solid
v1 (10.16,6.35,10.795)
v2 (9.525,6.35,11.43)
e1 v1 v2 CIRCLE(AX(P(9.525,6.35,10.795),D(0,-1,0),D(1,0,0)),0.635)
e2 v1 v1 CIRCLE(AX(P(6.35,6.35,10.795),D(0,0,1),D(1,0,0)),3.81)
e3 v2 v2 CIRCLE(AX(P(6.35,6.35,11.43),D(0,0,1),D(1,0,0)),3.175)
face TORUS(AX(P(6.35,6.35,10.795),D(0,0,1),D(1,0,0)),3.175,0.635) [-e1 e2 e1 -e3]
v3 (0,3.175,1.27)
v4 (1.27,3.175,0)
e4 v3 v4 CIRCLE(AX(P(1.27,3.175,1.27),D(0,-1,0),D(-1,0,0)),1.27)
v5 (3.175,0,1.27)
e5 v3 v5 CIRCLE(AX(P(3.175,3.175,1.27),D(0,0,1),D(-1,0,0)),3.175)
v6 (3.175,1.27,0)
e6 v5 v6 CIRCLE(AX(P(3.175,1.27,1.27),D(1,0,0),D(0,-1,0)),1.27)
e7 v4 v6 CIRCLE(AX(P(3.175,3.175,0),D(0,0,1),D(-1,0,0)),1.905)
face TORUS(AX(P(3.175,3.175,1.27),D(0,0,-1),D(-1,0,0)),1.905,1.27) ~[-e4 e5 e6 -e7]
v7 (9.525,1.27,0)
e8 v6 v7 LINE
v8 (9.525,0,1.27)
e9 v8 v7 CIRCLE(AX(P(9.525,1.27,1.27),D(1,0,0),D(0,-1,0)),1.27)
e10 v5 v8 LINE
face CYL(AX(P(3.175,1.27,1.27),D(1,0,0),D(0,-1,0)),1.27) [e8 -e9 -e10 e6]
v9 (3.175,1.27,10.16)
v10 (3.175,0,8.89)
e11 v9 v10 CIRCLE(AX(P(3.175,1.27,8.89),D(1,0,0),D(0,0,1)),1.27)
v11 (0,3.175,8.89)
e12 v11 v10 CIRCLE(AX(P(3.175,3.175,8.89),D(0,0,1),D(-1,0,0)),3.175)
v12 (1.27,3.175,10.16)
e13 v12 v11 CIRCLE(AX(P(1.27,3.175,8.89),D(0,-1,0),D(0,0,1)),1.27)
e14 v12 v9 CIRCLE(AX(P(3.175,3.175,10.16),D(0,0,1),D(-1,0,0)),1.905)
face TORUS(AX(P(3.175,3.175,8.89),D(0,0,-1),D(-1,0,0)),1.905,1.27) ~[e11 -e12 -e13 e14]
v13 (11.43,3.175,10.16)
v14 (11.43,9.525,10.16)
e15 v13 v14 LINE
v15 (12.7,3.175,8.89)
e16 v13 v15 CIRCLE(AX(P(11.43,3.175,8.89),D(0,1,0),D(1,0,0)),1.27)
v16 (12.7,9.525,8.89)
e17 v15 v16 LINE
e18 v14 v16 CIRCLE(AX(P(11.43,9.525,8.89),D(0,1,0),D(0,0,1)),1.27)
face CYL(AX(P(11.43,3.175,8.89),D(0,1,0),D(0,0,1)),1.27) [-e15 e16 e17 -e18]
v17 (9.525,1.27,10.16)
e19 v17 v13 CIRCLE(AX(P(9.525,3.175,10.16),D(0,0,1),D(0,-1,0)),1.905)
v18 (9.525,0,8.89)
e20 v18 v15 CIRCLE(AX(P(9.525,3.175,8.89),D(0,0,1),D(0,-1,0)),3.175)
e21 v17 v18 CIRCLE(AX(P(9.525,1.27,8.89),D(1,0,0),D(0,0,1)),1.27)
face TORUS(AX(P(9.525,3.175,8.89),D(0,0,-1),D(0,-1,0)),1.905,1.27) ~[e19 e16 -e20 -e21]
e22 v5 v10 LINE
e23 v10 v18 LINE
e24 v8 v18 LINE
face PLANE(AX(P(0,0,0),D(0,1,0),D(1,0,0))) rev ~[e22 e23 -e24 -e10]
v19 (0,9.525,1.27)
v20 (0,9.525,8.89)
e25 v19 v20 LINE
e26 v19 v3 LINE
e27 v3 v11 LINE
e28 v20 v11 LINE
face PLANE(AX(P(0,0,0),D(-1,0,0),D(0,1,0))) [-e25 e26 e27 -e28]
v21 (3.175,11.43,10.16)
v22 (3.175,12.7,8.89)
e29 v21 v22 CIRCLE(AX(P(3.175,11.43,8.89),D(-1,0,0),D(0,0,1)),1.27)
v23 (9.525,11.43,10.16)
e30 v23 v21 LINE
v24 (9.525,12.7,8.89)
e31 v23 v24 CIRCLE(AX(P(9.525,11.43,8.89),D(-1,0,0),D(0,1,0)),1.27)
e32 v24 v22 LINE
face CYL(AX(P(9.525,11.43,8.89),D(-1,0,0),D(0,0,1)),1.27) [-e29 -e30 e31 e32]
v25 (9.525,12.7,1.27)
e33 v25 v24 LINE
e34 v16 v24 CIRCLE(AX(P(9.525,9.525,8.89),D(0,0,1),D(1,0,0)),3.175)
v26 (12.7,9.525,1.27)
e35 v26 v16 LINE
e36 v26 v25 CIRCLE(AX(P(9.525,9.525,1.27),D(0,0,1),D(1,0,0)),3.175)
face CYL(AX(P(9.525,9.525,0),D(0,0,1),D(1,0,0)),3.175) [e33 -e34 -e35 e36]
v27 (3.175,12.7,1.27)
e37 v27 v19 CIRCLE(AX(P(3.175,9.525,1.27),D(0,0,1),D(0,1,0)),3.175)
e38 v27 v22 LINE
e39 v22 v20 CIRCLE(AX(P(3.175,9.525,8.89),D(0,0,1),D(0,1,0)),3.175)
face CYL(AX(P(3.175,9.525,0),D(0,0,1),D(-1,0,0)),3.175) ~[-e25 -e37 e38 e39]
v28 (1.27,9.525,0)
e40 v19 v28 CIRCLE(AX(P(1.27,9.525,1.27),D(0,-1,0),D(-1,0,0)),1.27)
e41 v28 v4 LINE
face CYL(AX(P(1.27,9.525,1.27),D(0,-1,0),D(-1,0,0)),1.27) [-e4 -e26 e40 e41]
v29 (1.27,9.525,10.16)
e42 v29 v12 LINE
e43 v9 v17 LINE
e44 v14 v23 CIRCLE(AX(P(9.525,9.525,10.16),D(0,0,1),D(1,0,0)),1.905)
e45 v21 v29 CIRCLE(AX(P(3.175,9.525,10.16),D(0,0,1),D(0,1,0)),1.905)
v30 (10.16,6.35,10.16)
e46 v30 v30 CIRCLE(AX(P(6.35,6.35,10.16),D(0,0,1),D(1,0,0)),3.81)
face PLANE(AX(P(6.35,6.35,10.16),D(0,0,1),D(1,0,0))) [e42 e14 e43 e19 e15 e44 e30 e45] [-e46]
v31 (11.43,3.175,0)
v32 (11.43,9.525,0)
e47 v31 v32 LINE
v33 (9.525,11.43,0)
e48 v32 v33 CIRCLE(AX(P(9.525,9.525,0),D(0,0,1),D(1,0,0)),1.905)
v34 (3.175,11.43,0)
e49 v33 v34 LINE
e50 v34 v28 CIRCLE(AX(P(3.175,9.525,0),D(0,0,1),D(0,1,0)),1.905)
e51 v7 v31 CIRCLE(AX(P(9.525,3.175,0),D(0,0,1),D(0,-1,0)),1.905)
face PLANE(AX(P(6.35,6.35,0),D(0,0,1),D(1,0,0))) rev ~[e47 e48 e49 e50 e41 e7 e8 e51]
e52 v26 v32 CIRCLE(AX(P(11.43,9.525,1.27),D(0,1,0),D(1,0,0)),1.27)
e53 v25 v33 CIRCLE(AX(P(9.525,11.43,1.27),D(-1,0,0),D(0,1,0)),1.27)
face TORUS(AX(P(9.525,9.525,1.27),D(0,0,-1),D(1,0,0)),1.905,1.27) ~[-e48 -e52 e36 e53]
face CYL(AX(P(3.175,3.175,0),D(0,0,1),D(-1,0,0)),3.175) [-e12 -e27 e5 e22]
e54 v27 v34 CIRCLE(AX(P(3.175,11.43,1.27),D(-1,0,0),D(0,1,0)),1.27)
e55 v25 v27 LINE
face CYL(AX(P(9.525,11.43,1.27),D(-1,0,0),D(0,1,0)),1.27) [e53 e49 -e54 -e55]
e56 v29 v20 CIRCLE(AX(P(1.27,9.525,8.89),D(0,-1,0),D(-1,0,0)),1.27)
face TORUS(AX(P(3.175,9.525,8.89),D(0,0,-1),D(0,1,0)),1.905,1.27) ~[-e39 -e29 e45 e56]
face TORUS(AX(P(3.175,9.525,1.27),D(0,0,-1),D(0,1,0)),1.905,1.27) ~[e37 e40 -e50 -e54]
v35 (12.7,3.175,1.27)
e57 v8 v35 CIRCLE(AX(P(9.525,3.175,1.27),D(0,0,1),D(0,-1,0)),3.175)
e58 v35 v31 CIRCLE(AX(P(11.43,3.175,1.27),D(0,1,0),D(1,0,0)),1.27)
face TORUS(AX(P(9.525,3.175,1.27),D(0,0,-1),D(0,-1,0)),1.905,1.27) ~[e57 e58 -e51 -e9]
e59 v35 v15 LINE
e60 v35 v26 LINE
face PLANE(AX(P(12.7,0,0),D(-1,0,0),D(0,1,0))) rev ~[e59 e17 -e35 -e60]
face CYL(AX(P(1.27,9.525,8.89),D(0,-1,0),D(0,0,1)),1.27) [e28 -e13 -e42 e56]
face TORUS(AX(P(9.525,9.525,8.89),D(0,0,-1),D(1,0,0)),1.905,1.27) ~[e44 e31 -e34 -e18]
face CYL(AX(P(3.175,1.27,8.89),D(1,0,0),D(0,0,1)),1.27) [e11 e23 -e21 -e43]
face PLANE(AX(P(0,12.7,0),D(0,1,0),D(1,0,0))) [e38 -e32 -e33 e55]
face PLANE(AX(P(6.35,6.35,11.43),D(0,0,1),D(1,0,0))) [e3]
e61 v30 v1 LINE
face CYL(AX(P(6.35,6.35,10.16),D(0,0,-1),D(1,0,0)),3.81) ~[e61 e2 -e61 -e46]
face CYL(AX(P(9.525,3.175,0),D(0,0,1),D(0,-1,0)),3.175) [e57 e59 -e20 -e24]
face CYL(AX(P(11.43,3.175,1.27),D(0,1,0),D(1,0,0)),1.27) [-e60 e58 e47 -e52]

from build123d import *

# Parameters (mm, degrees)
F0_W     = 12.7
F0_H     = 12.7
F1_DEPTH = 10.16
F2_R     = 3.175
F3_R     = 1.27
F4_R     = 3.81
F5_DEPTH = 1.27
F6_R     = 0.635
F7_R     = 1.27


with BuildPart() as f1:
    # F0 (on Top) → F1 (new body)
    with BuildSketch(Plane.XY):
        with Locations((6.35, 6.35)):
            Rectangle(F0_W, F0_H)
    extrude(amount=F1_DEPTH)

    # F2
    f2_edges = [f1.edges().sort_by_distance(p)[0] for p in [
        (0, 0, 5.08),
        (12.7, 0, 5.08),
        (12.7, 12.7, 5.08),
        (0, 12.7, 5.08),
    ]]
    fillet(f2_edges, radius=F2_R)

    # F3
    f3_edges = [f1.edges().sort_by_distance(p)[0] for p in [
        (6.35, 0, 10.16),
    ]]
    fillet(f3_edges, radius=F3_R)

    # F4 (on face) → F5 (join)
    with BuildSketch(Plane.XY.offset(10.16)):
        with Locations((6.35, 6.35)):
            Circle(F4_R)
    extrude(amount=F5_DEPTH)

    # F6
    f6_edges = [f1.edges().sort_by_distance(p)[0] for p in [
        (2.54, 6.35, 11.43),
    ]]
    fillet(f6_edges, radius=F6_R)

    # F7
    f7_edges = [f1.edges().sort_by_distance(p)[0] for p in [
        (0.929936, 0.929936, 0),
    ]]
    fillet(f7_edges, radius=F7_R)


solid = f1.part
